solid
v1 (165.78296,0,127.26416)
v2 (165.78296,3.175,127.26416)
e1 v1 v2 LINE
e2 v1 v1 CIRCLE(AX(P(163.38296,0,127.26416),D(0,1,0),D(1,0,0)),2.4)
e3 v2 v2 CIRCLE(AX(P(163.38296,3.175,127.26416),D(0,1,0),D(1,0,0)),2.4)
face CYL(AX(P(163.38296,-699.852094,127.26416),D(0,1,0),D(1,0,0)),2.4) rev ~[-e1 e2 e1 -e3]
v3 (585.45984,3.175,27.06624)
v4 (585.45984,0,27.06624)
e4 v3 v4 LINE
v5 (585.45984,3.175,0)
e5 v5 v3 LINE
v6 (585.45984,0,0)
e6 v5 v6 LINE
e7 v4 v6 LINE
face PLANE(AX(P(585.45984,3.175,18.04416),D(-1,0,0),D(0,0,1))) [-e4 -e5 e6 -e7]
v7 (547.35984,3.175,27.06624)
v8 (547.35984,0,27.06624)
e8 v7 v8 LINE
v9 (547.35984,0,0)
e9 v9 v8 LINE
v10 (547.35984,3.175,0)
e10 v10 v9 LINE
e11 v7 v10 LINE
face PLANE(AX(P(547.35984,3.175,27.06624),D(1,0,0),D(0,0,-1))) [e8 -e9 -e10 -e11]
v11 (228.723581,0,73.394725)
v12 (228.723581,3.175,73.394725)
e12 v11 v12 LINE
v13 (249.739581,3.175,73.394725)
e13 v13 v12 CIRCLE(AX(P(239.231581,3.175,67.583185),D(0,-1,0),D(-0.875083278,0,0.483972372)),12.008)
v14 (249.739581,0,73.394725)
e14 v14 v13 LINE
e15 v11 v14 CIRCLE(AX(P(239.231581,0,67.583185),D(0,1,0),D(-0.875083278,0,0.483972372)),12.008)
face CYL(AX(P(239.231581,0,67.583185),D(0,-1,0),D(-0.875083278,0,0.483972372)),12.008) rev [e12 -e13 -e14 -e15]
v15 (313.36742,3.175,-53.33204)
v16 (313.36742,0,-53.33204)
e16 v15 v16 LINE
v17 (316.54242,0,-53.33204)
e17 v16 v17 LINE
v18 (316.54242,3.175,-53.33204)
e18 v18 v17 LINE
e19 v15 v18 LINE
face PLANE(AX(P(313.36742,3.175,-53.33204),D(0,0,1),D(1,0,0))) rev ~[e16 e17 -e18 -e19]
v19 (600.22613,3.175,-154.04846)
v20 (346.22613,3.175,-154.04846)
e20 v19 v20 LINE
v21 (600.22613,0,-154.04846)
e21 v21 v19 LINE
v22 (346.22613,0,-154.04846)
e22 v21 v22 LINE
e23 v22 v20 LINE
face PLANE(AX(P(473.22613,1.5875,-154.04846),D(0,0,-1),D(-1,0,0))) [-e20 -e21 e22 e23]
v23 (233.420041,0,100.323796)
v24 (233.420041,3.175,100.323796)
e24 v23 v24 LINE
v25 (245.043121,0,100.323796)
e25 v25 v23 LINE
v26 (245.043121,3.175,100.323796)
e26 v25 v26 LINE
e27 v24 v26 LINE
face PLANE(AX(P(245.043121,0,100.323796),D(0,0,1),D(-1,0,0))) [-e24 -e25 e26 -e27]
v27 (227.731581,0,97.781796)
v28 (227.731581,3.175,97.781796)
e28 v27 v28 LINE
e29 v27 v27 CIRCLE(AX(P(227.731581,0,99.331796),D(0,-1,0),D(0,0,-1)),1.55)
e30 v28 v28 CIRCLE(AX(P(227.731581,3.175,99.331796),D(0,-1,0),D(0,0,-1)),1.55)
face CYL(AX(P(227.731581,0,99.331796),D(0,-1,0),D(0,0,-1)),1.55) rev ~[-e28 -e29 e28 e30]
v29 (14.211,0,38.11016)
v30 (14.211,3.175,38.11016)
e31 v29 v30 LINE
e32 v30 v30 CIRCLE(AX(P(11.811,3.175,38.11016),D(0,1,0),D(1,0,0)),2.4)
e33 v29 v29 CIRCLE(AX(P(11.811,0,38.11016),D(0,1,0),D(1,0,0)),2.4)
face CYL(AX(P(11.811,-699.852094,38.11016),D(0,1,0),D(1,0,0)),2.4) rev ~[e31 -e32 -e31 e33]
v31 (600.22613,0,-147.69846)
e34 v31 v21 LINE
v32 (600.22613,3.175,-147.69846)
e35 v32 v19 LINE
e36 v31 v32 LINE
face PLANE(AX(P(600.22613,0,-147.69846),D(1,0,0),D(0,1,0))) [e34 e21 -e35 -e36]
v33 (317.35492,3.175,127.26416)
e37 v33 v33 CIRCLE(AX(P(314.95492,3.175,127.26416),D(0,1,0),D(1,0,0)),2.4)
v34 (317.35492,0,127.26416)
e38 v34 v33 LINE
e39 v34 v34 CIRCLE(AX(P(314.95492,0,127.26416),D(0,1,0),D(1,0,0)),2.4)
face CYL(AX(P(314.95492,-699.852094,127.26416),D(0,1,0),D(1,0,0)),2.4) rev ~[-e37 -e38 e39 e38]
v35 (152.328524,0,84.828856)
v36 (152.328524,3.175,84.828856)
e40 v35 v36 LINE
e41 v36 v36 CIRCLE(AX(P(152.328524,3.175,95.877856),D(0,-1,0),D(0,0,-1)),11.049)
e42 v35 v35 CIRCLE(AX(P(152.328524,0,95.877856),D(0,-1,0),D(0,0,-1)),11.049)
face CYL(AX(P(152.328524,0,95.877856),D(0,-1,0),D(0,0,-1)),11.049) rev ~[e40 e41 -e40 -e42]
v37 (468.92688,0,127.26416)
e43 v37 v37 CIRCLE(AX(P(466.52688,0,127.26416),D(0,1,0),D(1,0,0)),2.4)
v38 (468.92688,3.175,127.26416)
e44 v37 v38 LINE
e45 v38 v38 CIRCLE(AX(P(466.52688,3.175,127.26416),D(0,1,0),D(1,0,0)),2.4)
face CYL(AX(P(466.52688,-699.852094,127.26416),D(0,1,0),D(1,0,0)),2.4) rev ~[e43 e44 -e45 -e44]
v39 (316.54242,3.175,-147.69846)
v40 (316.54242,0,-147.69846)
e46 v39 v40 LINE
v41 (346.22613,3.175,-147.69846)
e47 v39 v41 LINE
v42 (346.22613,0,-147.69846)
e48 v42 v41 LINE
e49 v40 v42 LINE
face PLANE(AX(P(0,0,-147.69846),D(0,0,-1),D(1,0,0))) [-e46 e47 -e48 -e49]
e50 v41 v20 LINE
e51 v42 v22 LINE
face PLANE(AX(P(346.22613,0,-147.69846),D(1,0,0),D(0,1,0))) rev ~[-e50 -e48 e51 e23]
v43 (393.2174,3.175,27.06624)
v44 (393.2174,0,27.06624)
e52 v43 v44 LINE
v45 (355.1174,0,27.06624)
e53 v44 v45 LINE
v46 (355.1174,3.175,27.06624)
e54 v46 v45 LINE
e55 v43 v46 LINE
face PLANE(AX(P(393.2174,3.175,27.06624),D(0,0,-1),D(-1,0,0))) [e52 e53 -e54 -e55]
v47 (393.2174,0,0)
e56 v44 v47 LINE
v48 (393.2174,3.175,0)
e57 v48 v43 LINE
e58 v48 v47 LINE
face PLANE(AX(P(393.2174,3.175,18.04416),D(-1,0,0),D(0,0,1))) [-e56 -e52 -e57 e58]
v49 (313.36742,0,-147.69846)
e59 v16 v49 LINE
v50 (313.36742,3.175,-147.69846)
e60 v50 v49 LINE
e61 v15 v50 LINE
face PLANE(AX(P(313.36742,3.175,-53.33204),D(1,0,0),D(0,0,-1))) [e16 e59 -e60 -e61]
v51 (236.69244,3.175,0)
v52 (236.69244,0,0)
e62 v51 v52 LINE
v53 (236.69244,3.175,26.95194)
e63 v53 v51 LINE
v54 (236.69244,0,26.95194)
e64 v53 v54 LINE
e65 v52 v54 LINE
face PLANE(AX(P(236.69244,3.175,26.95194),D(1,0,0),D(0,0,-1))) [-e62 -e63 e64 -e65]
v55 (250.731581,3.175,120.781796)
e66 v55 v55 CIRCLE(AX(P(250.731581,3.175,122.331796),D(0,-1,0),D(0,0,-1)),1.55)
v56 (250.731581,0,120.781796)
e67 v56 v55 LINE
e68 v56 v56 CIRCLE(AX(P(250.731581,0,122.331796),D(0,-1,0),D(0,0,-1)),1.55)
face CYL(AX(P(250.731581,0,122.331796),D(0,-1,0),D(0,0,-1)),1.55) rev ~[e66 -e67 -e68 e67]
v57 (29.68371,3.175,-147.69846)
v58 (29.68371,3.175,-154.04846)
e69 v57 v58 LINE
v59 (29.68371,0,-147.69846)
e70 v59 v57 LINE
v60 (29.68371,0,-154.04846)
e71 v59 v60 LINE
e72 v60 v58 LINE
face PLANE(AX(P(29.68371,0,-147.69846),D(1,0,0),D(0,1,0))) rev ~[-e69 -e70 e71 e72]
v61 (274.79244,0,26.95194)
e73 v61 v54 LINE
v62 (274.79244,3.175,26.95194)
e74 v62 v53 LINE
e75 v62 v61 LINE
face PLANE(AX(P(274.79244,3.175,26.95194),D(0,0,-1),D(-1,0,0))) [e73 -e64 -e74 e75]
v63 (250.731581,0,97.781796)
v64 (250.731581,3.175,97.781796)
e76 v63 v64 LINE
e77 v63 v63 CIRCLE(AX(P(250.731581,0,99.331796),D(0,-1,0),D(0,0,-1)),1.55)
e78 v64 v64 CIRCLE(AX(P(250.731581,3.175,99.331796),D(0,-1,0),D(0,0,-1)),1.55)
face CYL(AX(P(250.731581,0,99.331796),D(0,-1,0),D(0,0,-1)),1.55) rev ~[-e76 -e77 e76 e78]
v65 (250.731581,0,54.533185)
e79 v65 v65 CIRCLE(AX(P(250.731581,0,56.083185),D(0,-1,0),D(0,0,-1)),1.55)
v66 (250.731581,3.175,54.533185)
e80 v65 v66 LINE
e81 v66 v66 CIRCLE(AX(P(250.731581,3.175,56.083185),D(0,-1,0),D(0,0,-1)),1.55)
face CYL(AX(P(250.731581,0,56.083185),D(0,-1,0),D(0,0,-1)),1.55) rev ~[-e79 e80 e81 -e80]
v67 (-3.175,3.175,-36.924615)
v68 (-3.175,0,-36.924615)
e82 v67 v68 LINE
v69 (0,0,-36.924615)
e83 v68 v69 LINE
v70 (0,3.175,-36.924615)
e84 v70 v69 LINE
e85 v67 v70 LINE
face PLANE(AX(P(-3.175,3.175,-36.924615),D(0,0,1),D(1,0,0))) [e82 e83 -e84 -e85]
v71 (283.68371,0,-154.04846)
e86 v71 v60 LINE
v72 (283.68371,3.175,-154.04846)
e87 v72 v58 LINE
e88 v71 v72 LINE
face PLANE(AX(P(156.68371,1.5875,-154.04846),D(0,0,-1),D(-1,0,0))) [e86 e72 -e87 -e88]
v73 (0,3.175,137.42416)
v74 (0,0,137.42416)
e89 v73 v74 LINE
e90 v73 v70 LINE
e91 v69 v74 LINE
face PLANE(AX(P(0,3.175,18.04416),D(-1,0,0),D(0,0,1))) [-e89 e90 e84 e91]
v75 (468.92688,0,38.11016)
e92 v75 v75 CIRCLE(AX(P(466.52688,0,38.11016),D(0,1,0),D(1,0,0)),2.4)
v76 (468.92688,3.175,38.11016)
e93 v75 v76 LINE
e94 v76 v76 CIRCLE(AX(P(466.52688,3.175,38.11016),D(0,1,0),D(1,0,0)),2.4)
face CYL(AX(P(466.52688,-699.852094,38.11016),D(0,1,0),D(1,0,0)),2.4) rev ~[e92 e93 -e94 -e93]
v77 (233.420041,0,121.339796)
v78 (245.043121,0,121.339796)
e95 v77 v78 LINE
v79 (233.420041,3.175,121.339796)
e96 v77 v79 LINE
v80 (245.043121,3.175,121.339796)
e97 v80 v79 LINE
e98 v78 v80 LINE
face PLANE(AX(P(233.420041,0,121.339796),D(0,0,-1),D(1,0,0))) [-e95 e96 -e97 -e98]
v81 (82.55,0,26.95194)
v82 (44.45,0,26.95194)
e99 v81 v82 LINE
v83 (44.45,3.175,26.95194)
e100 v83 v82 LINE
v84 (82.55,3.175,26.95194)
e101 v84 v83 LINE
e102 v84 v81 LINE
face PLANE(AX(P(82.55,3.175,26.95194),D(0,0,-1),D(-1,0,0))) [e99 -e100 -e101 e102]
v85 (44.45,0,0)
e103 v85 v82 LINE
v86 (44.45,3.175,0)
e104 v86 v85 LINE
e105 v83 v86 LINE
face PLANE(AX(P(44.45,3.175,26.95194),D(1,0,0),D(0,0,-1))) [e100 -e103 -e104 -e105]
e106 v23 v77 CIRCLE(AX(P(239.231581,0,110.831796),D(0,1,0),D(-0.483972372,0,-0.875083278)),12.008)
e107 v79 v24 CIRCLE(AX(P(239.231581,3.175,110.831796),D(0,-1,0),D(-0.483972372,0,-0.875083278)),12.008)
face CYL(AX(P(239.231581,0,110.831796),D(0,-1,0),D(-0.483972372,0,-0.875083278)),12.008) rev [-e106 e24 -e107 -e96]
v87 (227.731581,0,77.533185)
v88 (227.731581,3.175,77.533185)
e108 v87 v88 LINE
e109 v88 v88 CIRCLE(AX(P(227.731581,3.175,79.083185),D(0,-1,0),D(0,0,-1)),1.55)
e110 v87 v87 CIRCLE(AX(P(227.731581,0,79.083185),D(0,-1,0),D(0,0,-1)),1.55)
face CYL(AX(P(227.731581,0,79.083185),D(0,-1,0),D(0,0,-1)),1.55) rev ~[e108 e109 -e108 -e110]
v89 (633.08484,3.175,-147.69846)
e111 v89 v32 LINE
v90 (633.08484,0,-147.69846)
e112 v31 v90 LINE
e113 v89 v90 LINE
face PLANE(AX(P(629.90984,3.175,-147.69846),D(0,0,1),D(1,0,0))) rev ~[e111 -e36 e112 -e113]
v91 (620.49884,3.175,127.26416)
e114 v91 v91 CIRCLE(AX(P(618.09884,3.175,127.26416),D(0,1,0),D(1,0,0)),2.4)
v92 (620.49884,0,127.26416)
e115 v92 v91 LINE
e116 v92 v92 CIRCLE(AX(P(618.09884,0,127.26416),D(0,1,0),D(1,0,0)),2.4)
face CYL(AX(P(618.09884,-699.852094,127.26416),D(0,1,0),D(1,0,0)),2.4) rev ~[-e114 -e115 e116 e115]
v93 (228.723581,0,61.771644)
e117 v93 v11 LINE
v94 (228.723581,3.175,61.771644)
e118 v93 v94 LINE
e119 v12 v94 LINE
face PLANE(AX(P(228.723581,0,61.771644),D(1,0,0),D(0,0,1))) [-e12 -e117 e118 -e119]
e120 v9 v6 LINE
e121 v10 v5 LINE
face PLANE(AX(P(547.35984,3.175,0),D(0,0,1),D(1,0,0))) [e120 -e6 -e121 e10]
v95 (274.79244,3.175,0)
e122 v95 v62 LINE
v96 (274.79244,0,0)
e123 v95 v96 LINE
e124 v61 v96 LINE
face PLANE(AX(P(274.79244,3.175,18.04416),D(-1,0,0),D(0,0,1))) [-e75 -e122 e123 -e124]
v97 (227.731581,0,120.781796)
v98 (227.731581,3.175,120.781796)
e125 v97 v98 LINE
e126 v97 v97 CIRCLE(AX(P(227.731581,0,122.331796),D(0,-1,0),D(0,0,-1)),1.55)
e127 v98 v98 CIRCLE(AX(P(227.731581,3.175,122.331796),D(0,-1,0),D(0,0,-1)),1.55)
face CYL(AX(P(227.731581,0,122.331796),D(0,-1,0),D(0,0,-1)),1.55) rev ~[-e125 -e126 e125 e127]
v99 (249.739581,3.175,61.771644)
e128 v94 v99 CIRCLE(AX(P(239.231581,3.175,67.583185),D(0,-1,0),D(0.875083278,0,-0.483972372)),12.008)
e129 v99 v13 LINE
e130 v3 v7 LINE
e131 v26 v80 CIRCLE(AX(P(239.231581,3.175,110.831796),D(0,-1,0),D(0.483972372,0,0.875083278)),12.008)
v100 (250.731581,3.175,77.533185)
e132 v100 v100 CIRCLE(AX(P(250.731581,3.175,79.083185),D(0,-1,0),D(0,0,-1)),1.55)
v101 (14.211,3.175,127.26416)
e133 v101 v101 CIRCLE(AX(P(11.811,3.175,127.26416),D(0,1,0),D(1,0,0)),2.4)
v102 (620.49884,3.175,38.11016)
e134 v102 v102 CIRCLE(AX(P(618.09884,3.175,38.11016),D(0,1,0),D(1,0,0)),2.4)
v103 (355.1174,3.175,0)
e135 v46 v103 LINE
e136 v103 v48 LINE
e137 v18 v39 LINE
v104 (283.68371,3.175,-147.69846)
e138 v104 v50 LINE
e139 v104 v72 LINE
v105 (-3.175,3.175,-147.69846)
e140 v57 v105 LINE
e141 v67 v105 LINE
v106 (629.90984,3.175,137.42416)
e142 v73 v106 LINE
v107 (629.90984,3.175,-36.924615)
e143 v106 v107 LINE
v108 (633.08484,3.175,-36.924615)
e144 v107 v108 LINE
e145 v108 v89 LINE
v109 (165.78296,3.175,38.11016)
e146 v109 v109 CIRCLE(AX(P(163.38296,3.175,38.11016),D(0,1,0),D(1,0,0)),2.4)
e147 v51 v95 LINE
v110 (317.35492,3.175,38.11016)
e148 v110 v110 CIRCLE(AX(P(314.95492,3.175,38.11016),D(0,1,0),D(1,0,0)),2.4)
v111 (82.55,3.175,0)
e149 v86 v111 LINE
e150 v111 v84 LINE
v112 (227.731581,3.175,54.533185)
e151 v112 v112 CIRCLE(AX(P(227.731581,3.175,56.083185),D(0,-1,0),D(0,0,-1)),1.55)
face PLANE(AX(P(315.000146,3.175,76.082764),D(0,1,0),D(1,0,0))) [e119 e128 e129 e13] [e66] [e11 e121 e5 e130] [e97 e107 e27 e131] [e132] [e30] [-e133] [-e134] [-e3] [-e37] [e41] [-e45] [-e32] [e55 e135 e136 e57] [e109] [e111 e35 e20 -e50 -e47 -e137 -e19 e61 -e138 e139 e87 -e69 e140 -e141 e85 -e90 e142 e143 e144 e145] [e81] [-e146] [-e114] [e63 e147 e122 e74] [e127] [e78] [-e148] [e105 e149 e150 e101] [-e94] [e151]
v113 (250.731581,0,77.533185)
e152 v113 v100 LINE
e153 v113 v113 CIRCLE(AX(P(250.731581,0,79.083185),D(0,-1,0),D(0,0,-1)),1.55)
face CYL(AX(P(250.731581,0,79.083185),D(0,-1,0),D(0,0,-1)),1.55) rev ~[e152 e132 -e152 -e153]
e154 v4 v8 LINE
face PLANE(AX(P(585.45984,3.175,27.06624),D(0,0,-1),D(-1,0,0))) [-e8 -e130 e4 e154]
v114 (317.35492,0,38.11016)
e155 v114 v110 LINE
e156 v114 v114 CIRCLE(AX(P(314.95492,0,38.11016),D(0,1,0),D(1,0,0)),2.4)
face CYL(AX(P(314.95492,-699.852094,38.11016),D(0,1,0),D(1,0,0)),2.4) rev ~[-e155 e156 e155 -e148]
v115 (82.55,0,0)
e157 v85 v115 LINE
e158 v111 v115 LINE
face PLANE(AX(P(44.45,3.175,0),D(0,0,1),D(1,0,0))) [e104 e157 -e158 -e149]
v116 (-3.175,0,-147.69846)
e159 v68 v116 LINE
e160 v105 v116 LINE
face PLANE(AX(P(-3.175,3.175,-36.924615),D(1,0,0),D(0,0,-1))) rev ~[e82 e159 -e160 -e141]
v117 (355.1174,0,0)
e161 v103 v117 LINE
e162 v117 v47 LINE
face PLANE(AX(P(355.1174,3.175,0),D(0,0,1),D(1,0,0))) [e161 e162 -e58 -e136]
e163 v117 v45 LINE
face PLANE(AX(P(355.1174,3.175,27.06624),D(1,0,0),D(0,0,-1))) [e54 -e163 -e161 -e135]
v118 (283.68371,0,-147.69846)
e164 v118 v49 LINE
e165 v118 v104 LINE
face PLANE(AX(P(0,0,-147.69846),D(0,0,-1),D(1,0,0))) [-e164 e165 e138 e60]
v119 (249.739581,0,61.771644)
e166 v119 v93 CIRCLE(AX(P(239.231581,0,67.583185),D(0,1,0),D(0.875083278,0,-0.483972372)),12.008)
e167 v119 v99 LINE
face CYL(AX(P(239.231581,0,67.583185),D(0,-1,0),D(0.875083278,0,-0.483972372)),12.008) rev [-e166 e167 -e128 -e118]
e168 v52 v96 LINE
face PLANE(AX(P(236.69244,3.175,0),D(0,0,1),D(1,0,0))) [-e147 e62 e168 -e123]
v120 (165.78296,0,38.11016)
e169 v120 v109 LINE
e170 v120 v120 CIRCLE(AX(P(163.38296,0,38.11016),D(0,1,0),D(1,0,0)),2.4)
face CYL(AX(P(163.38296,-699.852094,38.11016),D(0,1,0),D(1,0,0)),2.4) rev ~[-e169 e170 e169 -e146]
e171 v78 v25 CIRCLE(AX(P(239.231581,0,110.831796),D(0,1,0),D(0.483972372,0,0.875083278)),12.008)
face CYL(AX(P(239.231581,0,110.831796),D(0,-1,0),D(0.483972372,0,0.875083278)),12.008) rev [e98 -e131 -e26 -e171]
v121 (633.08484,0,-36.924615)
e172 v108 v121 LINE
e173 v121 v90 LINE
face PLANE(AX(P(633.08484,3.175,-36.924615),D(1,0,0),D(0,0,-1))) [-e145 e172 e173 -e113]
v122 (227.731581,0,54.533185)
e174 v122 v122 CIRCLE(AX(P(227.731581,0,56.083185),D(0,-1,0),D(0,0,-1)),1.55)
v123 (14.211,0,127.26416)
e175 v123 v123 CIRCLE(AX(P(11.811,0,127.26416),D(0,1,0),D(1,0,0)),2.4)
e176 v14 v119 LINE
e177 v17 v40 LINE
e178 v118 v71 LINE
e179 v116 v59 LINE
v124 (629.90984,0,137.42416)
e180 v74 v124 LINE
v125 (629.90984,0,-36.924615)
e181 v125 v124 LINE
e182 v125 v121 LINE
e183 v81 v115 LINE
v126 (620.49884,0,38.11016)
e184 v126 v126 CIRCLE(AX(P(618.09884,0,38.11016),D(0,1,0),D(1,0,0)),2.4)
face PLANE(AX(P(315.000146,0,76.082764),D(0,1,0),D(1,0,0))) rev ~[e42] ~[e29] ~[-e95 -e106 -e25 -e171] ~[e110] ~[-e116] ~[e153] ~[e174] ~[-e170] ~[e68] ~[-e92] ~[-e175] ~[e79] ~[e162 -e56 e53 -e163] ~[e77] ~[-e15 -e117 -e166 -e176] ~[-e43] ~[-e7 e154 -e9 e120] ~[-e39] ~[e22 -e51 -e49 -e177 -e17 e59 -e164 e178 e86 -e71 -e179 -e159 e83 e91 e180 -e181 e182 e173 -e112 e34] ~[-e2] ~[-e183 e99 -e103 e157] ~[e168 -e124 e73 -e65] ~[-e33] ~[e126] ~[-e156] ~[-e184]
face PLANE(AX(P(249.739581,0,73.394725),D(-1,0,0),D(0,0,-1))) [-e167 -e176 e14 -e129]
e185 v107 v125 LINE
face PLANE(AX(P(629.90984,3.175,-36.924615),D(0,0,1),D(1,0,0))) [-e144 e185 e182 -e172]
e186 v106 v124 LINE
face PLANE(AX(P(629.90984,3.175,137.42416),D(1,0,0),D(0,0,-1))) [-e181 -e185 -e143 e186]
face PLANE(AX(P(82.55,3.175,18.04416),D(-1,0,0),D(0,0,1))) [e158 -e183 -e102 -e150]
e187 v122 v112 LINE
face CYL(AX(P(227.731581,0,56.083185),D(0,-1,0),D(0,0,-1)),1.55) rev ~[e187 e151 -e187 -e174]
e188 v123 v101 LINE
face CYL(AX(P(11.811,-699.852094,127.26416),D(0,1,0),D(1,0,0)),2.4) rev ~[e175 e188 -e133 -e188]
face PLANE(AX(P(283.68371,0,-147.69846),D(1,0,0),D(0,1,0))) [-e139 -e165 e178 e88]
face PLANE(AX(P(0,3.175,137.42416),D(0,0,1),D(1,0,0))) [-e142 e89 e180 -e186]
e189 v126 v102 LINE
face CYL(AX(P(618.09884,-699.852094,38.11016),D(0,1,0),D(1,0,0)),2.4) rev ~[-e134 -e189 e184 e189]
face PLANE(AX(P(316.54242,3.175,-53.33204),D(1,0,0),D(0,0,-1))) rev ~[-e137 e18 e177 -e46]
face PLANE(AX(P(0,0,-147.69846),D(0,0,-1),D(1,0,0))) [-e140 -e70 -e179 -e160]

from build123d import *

# Parameters (mm, degrees)
SKETCH1_W            = 629.90984
SKETCH1_H            = 147.69846
BOSS_EXTRUDE1_DEPTH  = 3.175
SKETCH3_W            = 254
SKETCH3_H            = 3.175
BOSS_EXTRUDE2_DEPTH  = 6.35
SKETCH4_W            = 3.175
SKETCH4_H            = 188.732840052
CUT_EXTRUDE1_DEPTH   = 3.175
SKETCH6_W            = 3.175
SKETCH6_H            = 110.773845
BOSS_EXTRUDE4_DEPTH  = 3.175
SKETCH8_W            = 629.90984
SKETCH8_H            = 18.04416
BOSS_EXTRUDE5_DEPTH  = 3.175
SKETCH10_W           = 38.1
SKETCH10_H           = 18.04416
SKETCH10_H_2         = 36.08832
CUT_EXTRUDE3_DEPTH   = 652.56536379
BOSS_EXTRUDE6_DEPTH  = 3.175
SKETCH13_R           = 1.55
SKETCH13_R_2         = 11.049
CUT_EXTRUDE4_DEPTH   = 652.56536379
M4_CLEARANCE_HOLE1_D = 4.8


with BuildPart() as part:
    # Sketch1 → Boss-Extrude1 (new body)
    with BuildSketch(Plane(origin=(0, 0, 0), x_dir=(1, 0, 0), z_dir=(0, 1, 0))):
        with Locations((314.95492, 73.84923)):
            Rectangle(SKETCH1_W, SKETCH1_H)
    extrude(amount=BOSS_EXTRUDE1_DEPTH)

    # Sketch3 → Boss-Extrude2 (add)
    with BuildSketch(Plane(origin=(0, 0, -147.69846), x_dir=(-1, 0, 0), z_dir=(0, 0, -1))):
        with Locations((-473.22613, 1.5875)):
            Rectangle(SKETCH3_W, SKETCH3_H)
        with Locations((-156.68371, 1.5875)):
            Rectangle(SKETCH3_W, SKETCH3_H)
    extrude(amount=BOSS_EXTRUDE2_DEPTH)

    # Sketch4 → Cut-Extrude1 (cut)
    with BuildSketch(Plane(origin=(0, 3.175, 0), x_dir=(1, 0, 0), z_dir=(0, 1, 0))):
        with Locations((314.95492, 147.69846)):
            Rectangle(SKETCH4_W, SKETCH4_H)
    extrude(amount=-CUT_EXTRUDE1_DEPTH, mode=Mode.SUBTRACT)

    # Sketch6 → Boss-Extrude4 (add)
    with BuildSketch(Plane(origin=(0, 3.175, 0), x_dir=(1, 0, 0), z_dir=(0, 1, 0))):
        with Locations((631.49734, 92.3115375)):
            Rectangle(SKETCH6_W, SKETCH6_H)
        with Locations((-1.5875, 92.3115375)):
            Rectangle(SKETCH6_W, SKETCH6_H)
    extrude(amount=-BOSS_EXTRUDE4_DEPTH)

    # Sketch8 → Boss-Extrude5 (add, through all)
    with BuildSketch(Plane(origin=(0, 3.175, 0), x_dir=(1, 0, 0), z_dir=(0, 1, 0))):
        with Locations((314.95492, -9.02208)):
            Rectangle(SKETCH8_W, SKETCH8_H)
    extrude(amount=-BOSS_EXTRUDE5_DEPTH)

    # Sketch10 → Cut-Extrude3 (cut, through all)
    with BuildSketch(Plane(origin=(0, 3.175, 0), x_dir=(1, 0, 0), z_dir=(0, 1, 0))):
        with Locations((374.1674, -9.02208)):
            Rectangle(SKETCH10_W, SKETCH10_H)
        with Locations((255.74244, -9.02208)):
            Rectangle(SKETCH10_W, SKETCH10_H)
        with Locations((566.40984, -18.04416)):
            Rectangle(SKETCH10_W, SKETCH10_H_2)
        with Locations((63.5, -18.04416)):
            Rectangle(SKETCH10_W, SKETCH10_H_2)
    extrude(amount=-CUT_EXTRUDE3_DEPTH, mode=Mode.SUBTRACT)

    # Sketch11 → Boss-Extrude6 (add, through all)
    with BuildSketch(Plane(origin=(0, 3.175, 0), x_dir=(1, 0, 0), z_dir=(0, 1, 0))):
        Polygon((0, -18.04416), (0, -137.42416), (629.90984, -137.42416), (629.90984, -18.04416), (585.45984, -18.04416), (585.45984, -27.06624), (547.35984, -27.06624), (547.35984, -18.04416), (393.2174, -18.04416), (393.2174, -27.06624), (355.1174, -27.06624), (355.1174, -18.04416), (274.79244, -18.04416), (274.79244, -26.95194), (236.69244, -26.95194), (236.69244, -18.04416), (82.55, -18.04416), (82.55, -26.95194), (44.45, -26.95194), (44.45, -18.04416), align=None)
    extrude(amount=-BOSS_EXTRUDE6_DEPTH)

    # Sketch13 → Cut-Extrude4 (cut, through all)
    with BuildSketch(Plane.XZ):
        with Locations(Location((227.731580951, 122.331796051, 0), (0, 0, 270))):
            Circle(SKETCH13_R)
        with Locations(Location((250.731580951, 122.331796051, 0), (0, 0, 270))):
            Circle(SKETCH13_R)
        with Locations(Location((227.731580951, 99.331796051, 0), (0, 0, 270))):
            Circle(SKETCH13_R)
        with Locations(Location((250.731580951, 99.331796051, 0), (0, 0, 270))):
            Circle(SKETCH13_R)
        with Locations(Location((152.328523542, 95.877856055, 0), (0, 0, 270))):
            Circle(SKETCH13_R_2)
        with Locations(Location((227.731580951, 79.083184621, 0), (0, 0, 270))):
            Circle(SKETCH13_R)
        with Locations(Location((227.731580951, 56.083184621, 0), (0, 0, 270))):
            Circle(SKETCH13_R)
        with Locations(Location((250.731580951, 56.083184621, 0), (0, 0, 270))):
            Circle(SKETCH13_R)
        with Locations(Location((250.731580951, 79.083184621, 0), (0, 0, 270))):
            Circle(SKETCH13_R)
        with BuildLine():
            Line((245.043121195, 100.323796051), (233.420040708, 100.323796051))
            ThreePointArc((233.420040708, 100.323796051), (227.223580951, 110.831796051), (233.420040708, 121.339796051))
            Line((233.420040708, 121.339796051), (245.043121195, 121.339796051))
            ThreePointArc((245.043121195, 121.339796051), (251.239580951, 110.831796051), (245.043121195, 100.323796051))
        make_face()
        with BuildLine():
            Line((249.739580951, 73.394724865), (249.739580951, 61.771644378))
            ThreePointArc((249.739580951, 61.771644378), (239.231580951, 55.575184621), (228.723580951, 61.771644378))
            Line((228.723580951, 61.771644378), (228.723580951, 73.394724865))
            ThreePointArc((228.723580951, 73.394724865), (239.231580951, 79.591184621), (249.739580951, 73.394724865))
        make_face()
    extrude(amount=-CUT_EXTRUDE4_DEPTH, mode=Mode.SUBTRACT)

    # M4 Clearance Hole1 (through all)
    with Locations(Plane(origin=(0, 0, 0), x_dir=(-1, 0, 0), z_dir=(0, -1, 0))):
        with Locations((-618.09884, -38.11016), (-466.52688, -38.11016), (-618.09884, -127.26416), (-466.52688, -127.26416), (-314.95492, -127.26416), (-314.95492, -38.11016), (-163.38296, -38.11016), (-11.811, -38.11016), (-11.811, -127.26416), (-163.38296, -127.26416)):
            Hole(M4_CLEARANCE_HOLE1_D / 2)


solid = part.part
